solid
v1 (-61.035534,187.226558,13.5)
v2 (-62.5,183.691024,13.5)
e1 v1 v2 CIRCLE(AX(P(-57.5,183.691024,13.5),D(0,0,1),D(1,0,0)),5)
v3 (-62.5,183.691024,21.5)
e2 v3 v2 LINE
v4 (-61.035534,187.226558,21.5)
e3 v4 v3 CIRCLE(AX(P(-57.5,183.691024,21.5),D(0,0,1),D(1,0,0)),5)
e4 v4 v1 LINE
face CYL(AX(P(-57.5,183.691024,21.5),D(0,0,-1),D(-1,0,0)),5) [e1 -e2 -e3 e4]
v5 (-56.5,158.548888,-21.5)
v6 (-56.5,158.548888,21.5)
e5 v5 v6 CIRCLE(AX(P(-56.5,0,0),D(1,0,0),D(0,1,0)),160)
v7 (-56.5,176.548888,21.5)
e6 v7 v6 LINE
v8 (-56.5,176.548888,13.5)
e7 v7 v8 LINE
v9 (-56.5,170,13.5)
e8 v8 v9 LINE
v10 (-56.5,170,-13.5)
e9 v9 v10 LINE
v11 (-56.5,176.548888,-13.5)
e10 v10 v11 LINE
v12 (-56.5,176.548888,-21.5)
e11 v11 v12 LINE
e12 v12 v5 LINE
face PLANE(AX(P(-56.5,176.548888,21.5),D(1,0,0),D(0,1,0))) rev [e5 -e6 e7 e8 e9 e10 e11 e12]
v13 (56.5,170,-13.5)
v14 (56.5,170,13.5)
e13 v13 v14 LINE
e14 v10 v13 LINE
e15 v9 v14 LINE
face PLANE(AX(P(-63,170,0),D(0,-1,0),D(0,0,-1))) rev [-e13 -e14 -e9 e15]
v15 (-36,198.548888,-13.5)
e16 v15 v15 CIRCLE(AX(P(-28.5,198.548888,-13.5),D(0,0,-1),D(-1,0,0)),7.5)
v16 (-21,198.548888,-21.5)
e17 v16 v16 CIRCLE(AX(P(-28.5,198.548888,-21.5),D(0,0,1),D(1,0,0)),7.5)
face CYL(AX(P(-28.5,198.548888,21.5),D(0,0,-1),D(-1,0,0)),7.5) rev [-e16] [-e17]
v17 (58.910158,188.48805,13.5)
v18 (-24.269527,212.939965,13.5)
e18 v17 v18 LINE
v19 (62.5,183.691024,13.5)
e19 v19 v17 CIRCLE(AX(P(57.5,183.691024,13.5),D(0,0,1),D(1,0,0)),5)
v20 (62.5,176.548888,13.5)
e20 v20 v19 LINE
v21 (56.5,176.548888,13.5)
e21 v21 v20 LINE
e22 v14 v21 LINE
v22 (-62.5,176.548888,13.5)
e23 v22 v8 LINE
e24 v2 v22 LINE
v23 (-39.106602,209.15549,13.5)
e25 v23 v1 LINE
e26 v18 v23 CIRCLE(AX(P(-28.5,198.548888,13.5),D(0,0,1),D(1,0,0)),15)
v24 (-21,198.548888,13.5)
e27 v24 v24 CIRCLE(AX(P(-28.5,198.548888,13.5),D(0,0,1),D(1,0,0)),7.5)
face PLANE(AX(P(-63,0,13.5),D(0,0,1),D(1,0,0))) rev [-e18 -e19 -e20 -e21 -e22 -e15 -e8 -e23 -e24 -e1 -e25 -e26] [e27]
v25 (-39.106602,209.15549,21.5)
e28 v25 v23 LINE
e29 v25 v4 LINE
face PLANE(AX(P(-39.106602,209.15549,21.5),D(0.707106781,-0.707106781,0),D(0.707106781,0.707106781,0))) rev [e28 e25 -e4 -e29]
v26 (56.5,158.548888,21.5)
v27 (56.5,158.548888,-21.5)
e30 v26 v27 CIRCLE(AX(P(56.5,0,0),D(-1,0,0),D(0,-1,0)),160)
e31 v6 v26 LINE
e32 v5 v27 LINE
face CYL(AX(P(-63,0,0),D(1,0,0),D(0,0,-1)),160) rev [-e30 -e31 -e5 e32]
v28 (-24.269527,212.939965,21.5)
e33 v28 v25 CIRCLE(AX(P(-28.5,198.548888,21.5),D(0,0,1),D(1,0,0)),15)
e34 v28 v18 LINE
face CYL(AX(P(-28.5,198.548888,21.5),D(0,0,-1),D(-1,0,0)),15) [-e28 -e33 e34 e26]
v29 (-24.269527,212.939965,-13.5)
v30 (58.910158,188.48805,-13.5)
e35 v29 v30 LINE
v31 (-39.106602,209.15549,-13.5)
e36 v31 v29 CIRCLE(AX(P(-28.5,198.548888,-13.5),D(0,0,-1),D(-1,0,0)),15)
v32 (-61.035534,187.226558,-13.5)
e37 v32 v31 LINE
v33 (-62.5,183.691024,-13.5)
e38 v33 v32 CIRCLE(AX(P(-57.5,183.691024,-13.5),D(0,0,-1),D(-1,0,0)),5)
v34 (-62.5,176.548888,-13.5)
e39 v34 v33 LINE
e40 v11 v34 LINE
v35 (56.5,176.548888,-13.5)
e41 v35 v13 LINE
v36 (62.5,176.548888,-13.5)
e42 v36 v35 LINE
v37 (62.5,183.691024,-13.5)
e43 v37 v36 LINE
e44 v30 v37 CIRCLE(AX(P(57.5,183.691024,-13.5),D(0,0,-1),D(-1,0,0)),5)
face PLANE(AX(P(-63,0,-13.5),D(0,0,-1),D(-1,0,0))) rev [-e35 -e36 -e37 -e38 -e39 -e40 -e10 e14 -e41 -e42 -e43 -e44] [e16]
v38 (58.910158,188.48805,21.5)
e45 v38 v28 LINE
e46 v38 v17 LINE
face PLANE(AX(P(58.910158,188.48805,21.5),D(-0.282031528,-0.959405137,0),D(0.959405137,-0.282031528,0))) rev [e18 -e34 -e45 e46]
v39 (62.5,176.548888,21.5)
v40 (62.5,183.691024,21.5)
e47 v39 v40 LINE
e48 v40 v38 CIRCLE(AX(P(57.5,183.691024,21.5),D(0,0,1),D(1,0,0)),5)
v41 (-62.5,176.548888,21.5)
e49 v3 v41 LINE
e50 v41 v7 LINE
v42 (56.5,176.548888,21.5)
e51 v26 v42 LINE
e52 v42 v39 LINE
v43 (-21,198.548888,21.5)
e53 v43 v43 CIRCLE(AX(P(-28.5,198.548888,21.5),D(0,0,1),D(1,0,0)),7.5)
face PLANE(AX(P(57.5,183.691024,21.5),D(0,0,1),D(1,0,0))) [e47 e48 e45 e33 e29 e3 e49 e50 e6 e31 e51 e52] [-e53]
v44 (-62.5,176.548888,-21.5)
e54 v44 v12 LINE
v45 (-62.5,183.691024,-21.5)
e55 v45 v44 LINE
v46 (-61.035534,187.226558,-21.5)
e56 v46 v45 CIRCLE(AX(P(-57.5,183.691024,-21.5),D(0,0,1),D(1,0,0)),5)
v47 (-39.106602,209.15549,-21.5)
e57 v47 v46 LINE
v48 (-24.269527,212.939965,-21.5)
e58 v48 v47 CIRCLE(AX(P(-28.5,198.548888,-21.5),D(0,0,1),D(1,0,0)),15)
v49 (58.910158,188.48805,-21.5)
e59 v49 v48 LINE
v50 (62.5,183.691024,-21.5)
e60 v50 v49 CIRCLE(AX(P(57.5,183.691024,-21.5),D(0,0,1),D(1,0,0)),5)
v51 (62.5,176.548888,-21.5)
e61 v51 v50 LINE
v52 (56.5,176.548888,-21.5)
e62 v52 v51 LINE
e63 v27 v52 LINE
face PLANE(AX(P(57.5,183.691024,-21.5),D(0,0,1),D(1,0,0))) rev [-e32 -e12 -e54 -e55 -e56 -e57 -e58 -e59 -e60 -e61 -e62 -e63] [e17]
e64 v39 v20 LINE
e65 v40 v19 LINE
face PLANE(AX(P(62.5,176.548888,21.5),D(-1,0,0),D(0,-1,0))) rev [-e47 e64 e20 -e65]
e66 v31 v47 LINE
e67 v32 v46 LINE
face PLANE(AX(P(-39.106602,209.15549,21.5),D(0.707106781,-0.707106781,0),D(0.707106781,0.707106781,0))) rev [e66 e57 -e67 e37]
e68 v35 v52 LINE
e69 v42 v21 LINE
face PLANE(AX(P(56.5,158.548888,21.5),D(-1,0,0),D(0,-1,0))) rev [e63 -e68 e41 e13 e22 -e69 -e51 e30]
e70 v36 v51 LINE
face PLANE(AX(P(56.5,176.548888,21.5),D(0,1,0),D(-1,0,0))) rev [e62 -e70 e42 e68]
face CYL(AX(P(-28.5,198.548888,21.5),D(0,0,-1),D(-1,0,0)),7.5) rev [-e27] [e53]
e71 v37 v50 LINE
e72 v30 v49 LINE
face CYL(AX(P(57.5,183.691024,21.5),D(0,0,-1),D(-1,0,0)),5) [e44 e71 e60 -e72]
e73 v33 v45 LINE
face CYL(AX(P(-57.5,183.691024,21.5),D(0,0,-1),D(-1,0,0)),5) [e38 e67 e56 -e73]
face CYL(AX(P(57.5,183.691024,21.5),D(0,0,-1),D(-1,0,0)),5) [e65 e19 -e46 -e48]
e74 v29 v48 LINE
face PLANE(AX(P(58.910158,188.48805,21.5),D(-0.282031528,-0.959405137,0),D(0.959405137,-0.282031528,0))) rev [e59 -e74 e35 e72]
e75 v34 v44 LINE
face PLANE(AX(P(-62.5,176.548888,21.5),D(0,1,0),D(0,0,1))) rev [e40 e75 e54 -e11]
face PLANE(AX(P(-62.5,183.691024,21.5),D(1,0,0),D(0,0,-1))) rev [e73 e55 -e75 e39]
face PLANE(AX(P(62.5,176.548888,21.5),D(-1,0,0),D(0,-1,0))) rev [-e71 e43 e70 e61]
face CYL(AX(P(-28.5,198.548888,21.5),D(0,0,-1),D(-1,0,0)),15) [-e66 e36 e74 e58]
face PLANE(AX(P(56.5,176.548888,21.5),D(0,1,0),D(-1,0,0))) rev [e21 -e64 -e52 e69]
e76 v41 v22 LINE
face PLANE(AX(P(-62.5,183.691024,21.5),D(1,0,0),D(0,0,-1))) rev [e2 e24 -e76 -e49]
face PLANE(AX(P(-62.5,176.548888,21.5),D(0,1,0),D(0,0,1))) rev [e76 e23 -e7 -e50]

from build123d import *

# Parameters (mm, degrees)
SKETCH2_R           = 7.5
BOSS_EXTRUDE1_DEPTH = 21.5
SKETCH1_W           = 13.5
SKETCH1_H           = 90
CUT_EXTRUDE2_DEPTH  = 63


with BuildPart() as part:
    # Sketch2 → Boss-Extrude1 (new, symmetric)
    with BuildSketch(Plane.XY):
        with BuildLine():
            Line((-56.5, 158.548888359), (56.5, 158.548888359))
            Line((56.5, 158.548888359), (56.5, 176.548888359))
            Line((56.5, 176.548888359), (62.5, 176.548888359))
            Line((62.5, 176.548888359), (62.5, 183.691023983))
            ThreePointArc((62.5, 183.691023983), (61.503173004, 186.686788643), (58.91015764, 188.488049669))
            Line((58.91015764, 188.488049669), (-24.26952708, 212.939965417))
            ThreePointArc((-24.26952708, 212.939965417), (-32.207333005, 213.083525678), (-39.106601718, 209.155490077))
            Line((-39.106601718, 209.155490077), (-61.035533906, 187.226557889))
            ThreePointArc((-61.035533906, 187.226557889), (-62.119397663, 185.604441145), (-62.5, 183.691023983))
            Line((-62.5, 183.691023983), (-62.5, 176.548888359))
            Line((-62.5, 176.548888359), (-56.5, 176.548888359))
            Line((-56.5, 176.548888359), (-56.5, 158.548888359))
        make_face()
        with Locations((-28.5, 198.548888359)):
            Circle(SKETCH2_R, mode=Mode.SUBTRACT)
    extrude(amount=BOSS_EXTRUDE1_DEPTH, both=True)

    # Sketch1 → Cut-Extrude2 (cut, symmetric)
    with BuildSketch(Plane(origin=(0, 0, 0), x_dir=(0, 0, -1), z_dir=(1, 0, 0))):
        with BuildLine():
            ThreePointArc((21.5, 158.548888359), (10.774457353, 159.63680988), (0, 160))
            ThreePointArc((0, 160), (-10.774457353, 159.63680988), (-21.5, 158.548888359))
            Line((-21.5, 158.548888359), (21.5, 158.548888359))
        make_face()
        with BuildLine():
            ThreePointArc((160, 0), (120.498962651, 105.261578936), (21.5, 158.548888359))
            Line((21.5, 158.548888359), (-21.5, 158.548888359))
            ThreePointArc((-21.5, 158.548888359), (-105.261578936, -120.498962651), (160, 0))
        make_face()
        with Locations((6.75, 215)):
            Rectangle(SKETCH1_W, SKETCH1_H)
        with Locations((-6.75, 215)):
            Rectangle(SKETCH1_W, SKETCH1_H)
    extrude(amount=CUT_EXTRUDE2_DEPTH, both=True, mode=Mode.SUBTRACT)


solid = part.part
